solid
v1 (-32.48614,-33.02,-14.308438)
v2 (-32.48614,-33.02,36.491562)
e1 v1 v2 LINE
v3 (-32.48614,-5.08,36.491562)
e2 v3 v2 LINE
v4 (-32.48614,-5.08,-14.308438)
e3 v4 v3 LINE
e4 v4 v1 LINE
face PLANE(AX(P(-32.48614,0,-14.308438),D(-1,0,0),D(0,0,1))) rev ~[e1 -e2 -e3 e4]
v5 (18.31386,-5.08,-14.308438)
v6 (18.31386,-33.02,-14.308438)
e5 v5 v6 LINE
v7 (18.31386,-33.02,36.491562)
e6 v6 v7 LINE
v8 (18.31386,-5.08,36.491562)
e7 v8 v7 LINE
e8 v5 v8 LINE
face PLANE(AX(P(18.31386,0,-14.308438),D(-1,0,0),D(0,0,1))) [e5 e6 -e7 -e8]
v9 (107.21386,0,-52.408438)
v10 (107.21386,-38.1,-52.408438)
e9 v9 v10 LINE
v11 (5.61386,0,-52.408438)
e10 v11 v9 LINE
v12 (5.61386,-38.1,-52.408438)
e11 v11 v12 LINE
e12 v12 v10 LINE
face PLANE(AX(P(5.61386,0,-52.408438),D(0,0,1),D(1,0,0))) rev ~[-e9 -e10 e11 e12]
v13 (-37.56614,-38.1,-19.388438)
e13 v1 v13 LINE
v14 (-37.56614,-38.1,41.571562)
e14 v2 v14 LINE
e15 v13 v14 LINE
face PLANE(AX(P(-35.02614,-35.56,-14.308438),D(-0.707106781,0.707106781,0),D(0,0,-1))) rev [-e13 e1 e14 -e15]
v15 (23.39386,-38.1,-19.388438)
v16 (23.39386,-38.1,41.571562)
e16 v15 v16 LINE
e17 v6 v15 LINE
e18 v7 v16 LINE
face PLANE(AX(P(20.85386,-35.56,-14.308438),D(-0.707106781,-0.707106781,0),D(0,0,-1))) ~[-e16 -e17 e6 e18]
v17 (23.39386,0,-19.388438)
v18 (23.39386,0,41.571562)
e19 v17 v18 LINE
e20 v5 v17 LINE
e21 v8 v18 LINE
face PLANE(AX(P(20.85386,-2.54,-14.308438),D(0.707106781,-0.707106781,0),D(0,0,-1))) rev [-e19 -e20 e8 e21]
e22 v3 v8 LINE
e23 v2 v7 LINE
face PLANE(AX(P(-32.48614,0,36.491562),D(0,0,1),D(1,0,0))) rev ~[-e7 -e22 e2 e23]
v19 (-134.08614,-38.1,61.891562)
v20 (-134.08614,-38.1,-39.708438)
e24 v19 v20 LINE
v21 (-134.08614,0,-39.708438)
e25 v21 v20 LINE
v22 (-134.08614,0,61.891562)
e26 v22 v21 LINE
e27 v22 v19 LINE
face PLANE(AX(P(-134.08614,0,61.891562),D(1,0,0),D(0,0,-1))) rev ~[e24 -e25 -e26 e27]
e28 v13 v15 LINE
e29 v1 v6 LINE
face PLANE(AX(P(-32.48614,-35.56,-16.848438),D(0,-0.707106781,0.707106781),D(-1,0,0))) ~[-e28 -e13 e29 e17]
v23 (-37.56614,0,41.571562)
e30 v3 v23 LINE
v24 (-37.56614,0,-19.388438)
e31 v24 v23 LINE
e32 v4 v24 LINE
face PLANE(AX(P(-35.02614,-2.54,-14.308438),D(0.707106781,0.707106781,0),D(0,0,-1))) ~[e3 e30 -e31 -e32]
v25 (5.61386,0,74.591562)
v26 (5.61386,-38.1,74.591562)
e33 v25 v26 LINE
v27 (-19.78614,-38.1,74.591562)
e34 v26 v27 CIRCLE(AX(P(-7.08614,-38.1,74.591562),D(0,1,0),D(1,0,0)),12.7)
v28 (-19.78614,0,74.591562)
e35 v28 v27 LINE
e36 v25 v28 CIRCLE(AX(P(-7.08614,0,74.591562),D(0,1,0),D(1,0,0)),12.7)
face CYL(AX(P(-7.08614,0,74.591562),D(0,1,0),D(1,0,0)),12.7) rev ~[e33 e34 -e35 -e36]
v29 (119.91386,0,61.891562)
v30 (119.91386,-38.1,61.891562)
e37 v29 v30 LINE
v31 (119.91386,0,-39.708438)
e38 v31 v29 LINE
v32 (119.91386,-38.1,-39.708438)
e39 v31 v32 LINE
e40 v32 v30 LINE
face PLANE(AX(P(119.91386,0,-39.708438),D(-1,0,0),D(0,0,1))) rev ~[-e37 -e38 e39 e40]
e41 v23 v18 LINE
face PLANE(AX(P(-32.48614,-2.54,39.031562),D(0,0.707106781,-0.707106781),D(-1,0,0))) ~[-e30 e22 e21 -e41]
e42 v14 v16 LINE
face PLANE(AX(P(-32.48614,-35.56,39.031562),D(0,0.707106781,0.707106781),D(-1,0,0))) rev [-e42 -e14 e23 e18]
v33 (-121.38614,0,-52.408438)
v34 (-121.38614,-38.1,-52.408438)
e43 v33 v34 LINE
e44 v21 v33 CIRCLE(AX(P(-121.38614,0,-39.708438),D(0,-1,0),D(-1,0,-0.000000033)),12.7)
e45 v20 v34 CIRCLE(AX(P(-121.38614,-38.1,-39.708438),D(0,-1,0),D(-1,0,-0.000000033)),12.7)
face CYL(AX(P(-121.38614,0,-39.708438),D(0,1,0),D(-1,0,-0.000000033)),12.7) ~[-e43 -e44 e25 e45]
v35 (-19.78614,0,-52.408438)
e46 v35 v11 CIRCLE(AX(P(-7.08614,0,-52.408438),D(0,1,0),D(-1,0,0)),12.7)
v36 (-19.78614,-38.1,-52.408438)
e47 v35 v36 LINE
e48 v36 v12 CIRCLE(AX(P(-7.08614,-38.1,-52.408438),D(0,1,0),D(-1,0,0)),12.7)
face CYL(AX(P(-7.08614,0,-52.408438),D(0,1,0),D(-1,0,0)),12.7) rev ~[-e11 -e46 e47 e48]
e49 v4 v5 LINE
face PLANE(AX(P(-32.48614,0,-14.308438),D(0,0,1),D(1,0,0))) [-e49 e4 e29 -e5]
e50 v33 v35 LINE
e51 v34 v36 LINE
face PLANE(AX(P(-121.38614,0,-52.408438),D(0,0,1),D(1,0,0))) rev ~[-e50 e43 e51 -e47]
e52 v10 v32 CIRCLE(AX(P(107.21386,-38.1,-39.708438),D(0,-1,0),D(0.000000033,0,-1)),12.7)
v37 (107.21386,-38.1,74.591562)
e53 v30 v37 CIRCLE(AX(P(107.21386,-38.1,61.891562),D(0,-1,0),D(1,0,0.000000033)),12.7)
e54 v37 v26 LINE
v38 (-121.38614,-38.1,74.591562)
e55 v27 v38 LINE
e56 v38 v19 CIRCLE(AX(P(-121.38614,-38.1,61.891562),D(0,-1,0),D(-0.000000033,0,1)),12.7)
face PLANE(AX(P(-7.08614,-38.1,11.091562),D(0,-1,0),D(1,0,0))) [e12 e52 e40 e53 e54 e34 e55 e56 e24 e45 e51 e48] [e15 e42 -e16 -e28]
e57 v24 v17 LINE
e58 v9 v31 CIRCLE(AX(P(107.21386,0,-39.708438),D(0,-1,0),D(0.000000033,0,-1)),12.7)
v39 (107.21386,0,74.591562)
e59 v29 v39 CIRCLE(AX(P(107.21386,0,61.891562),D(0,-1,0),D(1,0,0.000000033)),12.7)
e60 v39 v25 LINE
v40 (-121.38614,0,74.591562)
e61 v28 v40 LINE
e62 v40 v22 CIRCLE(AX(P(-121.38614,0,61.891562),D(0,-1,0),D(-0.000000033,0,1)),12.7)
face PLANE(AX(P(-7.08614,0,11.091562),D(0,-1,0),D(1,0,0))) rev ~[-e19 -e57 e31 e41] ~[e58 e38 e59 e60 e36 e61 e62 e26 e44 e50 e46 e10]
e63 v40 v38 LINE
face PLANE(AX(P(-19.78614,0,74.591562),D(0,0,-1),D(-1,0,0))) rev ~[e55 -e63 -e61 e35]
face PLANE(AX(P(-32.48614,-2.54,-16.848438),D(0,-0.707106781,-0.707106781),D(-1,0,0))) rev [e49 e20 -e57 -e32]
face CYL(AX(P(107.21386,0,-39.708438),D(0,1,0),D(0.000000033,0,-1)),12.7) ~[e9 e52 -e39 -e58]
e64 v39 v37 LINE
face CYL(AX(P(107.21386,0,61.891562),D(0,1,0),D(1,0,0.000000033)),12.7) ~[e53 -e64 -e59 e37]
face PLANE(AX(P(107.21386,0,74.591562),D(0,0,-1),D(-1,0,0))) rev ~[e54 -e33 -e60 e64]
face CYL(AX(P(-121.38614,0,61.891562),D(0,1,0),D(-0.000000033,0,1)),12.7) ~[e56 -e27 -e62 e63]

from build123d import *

# Parameters (mm, degrees)
F0_W     = 50.8
F0_H     = 50.8
F1_DEPTH = 38.1
F2_SIZE  = 5.08


with BuildPart() as f1:
    # F0 (on Front) → F1 (new body)
    with BuildSketch(Plane.XZ):
        with BuildLine():
            ThreePointArc((-134.08614, -39.708438), (-130.366396, -48.688694), (-121.38614, -52.408438))
            Line((-121.38614, -52.408438), (-19.78614, -52.408438))
            ThreePointArc((-19.78614, -52.408438), (-7.08614, -39.708438), (5.61386, -52.408438))
            Line((5.61386, -52.408438), (107.21386, -52.408438))
            ThreePointArc((107.21386, -52.408438), (116.194116, -48.688694), (119.91386, -39.708438))
            Line((119.91386, -39.708438), (119.91386, 61.891562))
            ThreePointArc((119.91386, 61.891562), (116.194116, 70.871818), (107.21386, 74.591562))
            Line((107.21386, 74.591562), (5.61386, 74.591562))
            ThreePointArc((5.61386, 74.591562), (-7.08614, 61.891562), (-19.78614, 74.591562))
            Line((-19.78614, 74.591562), (-121.38614, 74.591562))
            ThreePointArc((-121.38614, 74.591562), (-130.366396, 70.871818), (-134.08614, 61.891562))
            Line((-134.08614, 61.891562), (-134.08614, -39.708438))
        make_face()
        with Locations((-7.08614, 11.091562)):
            Rectangle(F0_W, F0_H, mode=Mode.SUBTRACT)
    extrude(amount=F1_DEPTH)

    # F2
    f2_edges = [f1.edges().sort_by_distance(p)[0] for p in [
        (18.31386, -38.1, 11.091562),
        (-7.08614, -38.1, -14.308438),
        (-32.48614, -38.1, 11.091562),
        (-7.08614, -38.1, 36.491562),
        (-7.08614, 0, -14.308438),
        (-32.48614, 0, 11.091562),
        (18.31386, 0, 11.091562),
        (-7.08614, 0, 36.491562),
    ]]
    chamfer(f2_edges, length=F2_SIZE)


solid = f1.part
